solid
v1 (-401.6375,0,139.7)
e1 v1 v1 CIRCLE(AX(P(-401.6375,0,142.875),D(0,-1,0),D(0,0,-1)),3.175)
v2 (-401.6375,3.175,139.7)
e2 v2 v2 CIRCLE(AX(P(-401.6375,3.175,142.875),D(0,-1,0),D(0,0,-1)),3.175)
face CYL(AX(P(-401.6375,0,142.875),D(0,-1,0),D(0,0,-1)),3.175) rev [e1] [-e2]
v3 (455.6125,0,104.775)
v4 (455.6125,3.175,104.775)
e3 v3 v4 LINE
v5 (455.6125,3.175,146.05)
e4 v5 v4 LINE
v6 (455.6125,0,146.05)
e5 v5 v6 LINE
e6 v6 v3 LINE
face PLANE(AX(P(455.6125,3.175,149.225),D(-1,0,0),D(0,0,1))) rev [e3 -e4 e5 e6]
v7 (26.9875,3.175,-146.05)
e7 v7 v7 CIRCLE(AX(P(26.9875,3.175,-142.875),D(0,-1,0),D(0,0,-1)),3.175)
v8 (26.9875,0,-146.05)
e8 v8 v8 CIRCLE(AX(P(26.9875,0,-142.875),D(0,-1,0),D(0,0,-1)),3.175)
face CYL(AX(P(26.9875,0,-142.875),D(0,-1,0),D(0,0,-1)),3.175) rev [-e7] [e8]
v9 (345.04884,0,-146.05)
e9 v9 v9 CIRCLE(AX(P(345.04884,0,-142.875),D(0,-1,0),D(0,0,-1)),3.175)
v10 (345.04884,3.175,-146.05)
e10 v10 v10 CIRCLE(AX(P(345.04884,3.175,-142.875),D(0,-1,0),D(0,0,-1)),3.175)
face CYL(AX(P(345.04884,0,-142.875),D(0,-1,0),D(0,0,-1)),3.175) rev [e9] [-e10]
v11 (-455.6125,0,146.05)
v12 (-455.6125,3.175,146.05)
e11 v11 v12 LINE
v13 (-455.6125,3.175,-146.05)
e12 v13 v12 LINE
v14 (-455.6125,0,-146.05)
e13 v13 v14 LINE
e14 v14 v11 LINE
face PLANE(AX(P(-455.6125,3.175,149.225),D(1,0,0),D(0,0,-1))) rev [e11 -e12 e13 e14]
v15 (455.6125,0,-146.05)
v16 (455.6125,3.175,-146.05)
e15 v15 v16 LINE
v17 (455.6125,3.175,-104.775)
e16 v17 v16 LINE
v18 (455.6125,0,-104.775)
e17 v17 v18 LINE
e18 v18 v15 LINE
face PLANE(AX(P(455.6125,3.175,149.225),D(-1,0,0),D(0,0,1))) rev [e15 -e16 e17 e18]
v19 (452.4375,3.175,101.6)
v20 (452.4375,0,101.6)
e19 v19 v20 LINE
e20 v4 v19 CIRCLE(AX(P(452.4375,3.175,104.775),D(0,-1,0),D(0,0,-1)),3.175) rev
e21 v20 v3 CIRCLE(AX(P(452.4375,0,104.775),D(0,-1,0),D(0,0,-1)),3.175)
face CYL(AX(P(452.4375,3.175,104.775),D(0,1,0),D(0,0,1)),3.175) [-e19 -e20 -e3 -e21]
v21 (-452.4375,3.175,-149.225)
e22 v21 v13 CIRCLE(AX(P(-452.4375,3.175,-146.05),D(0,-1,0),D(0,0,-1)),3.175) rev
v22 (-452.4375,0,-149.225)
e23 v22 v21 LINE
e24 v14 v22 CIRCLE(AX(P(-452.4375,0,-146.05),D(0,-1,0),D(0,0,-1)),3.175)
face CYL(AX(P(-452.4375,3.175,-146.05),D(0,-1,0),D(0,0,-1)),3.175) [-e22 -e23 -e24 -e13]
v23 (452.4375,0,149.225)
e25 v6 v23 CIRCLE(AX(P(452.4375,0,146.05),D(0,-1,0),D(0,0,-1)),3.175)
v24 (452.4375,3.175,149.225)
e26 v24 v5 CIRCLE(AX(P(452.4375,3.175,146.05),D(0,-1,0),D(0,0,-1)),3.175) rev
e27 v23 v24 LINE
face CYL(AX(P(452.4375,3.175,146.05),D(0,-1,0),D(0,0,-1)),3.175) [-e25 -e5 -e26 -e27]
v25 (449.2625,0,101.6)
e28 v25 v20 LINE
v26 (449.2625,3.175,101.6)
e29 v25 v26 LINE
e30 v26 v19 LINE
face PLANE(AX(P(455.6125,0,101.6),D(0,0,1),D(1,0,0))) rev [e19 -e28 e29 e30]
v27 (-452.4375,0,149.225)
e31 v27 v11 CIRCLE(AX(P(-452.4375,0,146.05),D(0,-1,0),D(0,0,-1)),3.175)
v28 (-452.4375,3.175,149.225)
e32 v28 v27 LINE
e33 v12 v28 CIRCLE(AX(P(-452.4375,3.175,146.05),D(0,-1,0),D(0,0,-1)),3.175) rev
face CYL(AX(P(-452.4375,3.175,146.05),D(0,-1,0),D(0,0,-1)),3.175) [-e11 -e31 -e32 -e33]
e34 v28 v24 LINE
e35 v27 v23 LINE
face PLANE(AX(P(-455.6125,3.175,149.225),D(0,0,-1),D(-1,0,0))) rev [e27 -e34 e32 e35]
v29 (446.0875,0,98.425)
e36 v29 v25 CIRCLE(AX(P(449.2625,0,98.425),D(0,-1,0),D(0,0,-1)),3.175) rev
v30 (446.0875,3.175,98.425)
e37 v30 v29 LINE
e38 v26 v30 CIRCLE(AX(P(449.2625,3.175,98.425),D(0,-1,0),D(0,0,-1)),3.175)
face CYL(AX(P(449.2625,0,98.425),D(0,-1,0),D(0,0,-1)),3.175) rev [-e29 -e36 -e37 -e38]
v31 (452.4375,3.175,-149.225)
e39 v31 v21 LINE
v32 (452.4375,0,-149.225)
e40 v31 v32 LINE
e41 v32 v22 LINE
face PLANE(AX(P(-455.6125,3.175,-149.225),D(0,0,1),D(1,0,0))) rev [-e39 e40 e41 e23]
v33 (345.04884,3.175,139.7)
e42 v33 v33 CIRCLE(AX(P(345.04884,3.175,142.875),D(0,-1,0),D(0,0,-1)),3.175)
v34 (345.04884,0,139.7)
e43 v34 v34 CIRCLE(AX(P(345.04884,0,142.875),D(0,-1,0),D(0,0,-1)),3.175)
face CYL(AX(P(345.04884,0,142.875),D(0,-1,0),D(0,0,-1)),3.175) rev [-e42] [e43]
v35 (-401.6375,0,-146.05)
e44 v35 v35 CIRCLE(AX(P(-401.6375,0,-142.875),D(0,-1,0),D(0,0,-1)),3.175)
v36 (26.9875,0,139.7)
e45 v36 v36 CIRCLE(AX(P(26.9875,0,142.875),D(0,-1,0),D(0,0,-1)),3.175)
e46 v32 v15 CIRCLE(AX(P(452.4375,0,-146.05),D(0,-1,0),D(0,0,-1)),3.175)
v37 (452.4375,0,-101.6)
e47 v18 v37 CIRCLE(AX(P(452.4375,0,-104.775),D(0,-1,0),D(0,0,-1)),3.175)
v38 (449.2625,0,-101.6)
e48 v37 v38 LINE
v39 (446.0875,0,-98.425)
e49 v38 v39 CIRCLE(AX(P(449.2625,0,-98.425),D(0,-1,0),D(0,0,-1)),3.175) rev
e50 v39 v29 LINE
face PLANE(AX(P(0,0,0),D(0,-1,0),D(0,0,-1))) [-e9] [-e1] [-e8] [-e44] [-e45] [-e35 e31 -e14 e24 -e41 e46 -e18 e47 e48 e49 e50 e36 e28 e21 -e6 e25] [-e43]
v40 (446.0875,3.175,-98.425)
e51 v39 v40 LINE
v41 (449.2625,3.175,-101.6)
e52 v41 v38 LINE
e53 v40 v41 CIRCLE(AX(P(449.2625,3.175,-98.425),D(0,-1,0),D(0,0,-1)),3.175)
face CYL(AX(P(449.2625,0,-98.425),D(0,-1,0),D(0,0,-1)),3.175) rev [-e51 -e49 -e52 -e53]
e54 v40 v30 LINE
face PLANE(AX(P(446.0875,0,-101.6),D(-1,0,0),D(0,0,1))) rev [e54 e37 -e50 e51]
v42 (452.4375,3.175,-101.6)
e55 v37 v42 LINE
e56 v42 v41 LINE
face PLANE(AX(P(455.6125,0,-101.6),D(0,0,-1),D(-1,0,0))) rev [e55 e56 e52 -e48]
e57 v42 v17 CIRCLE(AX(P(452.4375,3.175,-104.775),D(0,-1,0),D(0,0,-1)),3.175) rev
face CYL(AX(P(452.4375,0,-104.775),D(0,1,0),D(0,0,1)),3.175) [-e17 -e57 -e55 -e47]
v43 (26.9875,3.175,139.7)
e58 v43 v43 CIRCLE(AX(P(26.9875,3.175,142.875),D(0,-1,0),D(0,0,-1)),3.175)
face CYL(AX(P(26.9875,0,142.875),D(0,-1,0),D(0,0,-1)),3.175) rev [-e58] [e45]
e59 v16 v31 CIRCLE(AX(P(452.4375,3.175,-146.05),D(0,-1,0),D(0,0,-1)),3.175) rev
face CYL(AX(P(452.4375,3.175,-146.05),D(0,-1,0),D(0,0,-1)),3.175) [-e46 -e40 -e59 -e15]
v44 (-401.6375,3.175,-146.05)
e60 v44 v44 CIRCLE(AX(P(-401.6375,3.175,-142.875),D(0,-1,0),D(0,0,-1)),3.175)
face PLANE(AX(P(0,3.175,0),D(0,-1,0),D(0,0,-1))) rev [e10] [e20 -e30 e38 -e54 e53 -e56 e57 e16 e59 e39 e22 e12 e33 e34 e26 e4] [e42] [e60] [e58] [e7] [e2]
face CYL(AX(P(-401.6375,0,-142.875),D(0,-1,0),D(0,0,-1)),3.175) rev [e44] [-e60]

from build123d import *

# Parameters (mm, degrees)
SKETCH1_W                   = 911.225
SKETCH1_H                   = 298.45
BOSS_EXTRUDE1_DEPTH         = 3.175
SKETCH2_W                   = 9.525
SKETCH2_H                   = 203.2
CUT_EXTRUDE1_DEPTH          = 4.175
FILLET1_R                   = 3.175
F_1_4_0_25_DIAMETER_HOLE1_D = 6.35
FILLET2_R                   = 3.175


with BuildPart() as part:
    # Sketch1 → Boss-Extrude1 (new body)
    with BuildSketch(Plane(origin=(0, 0, 0), x_dir=(1, 0, 0), z_dir=(0, 1, 0))):
        Rectangle(SKETCH1_W, SKETCH1_H)
    extrude(amount=BOSS_EXTRUDE1_DEPTH)

    # Sketch2 → Cut-Extrude1 (cut, through all)
    with BuildSketch(Plane(origin=(0, 3.175, 0), x_dir=(1, 0, 0), z_dir=(0, 1, 0))):
        with Locations((450.85, 0)):
            Rectangle(SKETCH2_W, SKETCH2_H)
    extrude(amount=-CUT_EXTRUDE1_DEPTH, mode=Mode.SUBTRACT)

    # Fillet1
    fillet1_edges = [part.edges().sort_by_distance(p)[0] for p in [
        (446.0875, 1.5875, 101.6),
        (446.0875, 1.5875, -101.6),
    ]]
    fillet(fillet1_edges, radius=FILLET1_R)

    # 1/4 (0.25) Diameter Hole1 (through all)
    with Locations(Plane(origin=(0, 0, 0), x_dir=(-1, 0, 0), z_dir=(0, -1, 0))):
        with Locations((-345.04884, 142.875), (401.6375, 142.875), (-26.9875, 142.875)):
            f_1_4_0_25_diameter_hole1 = Hole(F_1_4_0_25_DIAMETER_HOLE1_D / 2)

    # Mirror1: 1/4 (0.25) Diameter Hole1 across plane
    add(f_1_4_0_25_diameter_hole1.mirror(Plane.XY), mode=Mode.SUBTRACT)

    # Fillet2
    fillet2_edges = [part.edges().sort_by_distance(p)[0] for p in [
        (455.6125, 1.5875, -101.6),
        (455.6125, 1.5875, 101.6),
        (455.6125, 1.5875, 149.225),
        (-455.6125, 1.5875, 149.225),
        (-455.6125, 1.5875, -149.225),
        (455.6125, 1.5875, -149.225),
    ]]
    fillet(fillet2_edges, radius=FILLET2_R)


solid = part.part
